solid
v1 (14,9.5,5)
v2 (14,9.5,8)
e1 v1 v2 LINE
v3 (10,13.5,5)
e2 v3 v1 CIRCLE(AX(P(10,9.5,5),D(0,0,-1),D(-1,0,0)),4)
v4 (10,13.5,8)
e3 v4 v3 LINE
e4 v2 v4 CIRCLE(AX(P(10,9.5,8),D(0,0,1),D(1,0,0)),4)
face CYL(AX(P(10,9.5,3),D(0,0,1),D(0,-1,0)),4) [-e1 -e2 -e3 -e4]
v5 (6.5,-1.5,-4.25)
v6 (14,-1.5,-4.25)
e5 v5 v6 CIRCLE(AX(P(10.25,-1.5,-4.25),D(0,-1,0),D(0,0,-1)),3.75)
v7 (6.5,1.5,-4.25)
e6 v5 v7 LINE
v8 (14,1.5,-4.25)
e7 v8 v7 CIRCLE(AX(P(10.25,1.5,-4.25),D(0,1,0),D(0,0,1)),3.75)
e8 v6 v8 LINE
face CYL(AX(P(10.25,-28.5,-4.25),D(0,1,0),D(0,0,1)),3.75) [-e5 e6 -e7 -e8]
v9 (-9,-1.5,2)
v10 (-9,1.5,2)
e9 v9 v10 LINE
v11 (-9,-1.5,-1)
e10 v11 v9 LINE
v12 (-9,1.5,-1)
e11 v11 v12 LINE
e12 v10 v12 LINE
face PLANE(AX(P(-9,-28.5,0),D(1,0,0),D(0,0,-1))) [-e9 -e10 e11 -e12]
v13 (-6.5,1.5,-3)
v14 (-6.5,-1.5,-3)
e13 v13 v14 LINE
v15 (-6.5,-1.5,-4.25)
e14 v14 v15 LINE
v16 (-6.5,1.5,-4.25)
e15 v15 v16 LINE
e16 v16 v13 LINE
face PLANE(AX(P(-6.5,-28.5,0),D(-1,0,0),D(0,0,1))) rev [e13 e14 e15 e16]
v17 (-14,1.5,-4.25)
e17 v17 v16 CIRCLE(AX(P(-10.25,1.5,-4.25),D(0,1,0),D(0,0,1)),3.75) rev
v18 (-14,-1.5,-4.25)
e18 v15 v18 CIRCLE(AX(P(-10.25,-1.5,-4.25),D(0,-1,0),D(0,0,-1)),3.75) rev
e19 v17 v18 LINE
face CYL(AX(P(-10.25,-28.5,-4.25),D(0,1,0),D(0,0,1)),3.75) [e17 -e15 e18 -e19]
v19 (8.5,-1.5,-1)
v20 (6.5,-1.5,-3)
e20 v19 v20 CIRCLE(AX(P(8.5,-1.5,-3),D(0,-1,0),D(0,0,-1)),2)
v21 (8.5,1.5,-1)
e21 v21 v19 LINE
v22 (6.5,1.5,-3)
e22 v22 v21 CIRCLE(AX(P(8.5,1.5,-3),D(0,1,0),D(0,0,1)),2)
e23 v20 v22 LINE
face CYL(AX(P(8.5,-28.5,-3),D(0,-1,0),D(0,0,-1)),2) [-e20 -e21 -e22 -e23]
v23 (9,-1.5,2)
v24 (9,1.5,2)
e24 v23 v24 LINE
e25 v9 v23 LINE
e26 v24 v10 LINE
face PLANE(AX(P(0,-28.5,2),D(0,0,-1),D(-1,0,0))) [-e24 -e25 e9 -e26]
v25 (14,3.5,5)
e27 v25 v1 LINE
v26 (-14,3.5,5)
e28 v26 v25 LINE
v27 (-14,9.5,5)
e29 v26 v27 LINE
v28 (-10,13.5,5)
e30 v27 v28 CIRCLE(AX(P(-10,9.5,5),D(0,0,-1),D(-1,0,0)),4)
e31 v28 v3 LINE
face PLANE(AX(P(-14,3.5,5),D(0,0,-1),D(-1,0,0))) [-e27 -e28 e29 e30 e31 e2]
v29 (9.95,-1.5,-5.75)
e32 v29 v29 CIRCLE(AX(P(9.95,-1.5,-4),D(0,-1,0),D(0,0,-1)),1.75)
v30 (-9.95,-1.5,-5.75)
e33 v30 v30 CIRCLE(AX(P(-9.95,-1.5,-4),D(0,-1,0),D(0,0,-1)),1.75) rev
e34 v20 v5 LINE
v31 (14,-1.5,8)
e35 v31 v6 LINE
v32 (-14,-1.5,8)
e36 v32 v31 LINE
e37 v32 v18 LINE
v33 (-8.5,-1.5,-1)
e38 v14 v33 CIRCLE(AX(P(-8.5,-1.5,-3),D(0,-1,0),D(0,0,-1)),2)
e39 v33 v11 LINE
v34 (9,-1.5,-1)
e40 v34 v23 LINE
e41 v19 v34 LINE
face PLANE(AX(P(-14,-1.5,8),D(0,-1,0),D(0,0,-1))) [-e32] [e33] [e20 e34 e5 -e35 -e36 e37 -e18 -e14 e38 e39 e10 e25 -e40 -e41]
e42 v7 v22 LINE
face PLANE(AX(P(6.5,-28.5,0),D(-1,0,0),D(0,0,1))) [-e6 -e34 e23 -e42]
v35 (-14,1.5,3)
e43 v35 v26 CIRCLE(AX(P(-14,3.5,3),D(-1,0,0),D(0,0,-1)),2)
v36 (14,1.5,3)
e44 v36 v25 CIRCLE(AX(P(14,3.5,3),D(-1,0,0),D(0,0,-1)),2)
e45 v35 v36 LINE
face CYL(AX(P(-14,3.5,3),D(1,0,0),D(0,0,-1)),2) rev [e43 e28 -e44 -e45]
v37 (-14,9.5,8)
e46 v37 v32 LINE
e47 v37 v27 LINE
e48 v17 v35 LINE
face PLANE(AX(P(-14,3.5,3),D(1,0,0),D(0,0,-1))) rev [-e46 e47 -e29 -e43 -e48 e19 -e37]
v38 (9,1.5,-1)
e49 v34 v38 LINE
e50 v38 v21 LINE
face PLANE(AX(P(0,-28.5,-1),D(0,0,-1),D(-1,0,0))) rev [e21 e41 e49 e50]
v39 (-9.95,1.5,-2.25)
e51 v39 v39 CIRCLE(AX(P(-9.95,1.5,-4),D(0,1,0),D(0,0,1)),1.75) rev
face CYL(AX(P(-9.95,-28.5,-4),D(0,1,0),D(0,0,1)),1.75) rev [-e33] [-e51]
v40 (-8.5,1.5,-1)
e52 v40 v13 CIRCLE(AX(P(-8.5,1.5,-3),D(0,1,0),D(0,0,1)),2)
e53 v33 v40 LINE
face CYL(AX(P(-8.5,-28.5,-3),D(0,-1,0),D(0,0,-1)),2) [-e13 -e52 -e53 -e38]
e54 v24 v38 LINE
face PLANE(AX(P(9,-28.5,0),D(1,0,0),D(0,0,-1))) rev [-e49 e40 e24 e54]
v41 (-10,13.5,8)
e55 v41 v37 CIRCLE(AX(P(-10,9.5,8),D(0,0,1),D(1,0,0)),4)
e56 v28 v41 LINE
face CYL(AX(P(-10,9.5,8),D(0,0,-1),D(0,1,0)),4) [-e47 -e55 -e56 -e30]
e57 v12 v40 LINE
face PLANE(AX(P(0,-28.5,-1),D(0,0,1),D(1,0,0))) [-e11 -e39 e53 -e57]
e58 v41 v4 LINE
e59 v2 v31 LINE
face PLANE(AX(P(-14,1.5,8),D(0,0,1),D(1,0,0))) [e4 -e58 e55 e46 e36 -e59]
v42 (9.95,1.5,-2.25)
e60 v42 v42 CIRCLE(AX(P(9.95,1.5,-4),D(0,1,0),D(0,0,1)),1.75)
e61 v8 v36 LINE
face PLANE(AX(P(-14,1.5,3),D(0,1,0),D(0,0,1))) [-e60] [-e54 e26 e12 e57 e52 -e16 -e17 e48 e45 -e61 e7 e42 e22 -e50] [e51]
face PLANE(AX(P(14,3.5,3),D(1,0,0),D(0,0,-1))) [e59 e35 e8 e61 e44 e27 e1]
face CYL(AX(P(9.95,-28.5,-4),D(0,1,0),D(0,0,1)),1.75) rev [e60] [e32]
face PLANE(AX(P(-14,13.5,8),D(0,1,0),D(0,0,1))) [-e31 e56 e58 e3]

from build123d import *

# Parameters (mm, degrees)
SALIENTE_EXTRUIR1_DEPTH = 14
CROQUIS3_R              = 1.75
CORTAR_EXTRUIR1_DEPTH   = 30
REDONDEO3_R             = 4
REDONDEO4_R             = 2


with BuildPart() as part:
    # Croquis2 → Saliente-Extruir1 (new, symmetric)
    with BuildSketch(Plane(origin=(0, 0, 0), x_dir=(0, 0, -1), z_dir=(1, 0, 0))):
        with BuildLine():
            Line((-3, 1.5), (8, 1.5))
            Line((8, 1.5), (8, -1.5))
            Line((8, -1.5), (-8, -1.5))
            Line((-8, -1.5), (-8, 1.5))
            Line((-8, 1.5), (-8, 13.5))
            Line((-8, 13.5), (-5, 13.5))
            Line((-5, 13.5), (-5, 3.5))
            ThreePointArc((-5, 3.5), (-4.414213562, 2.085786438), (-3, 1.5))
        make_face()
    extrude(amount=SALIENTE_EXTRUIR1_DEPTH, both=True)

    # Croquis3 → Cortar-Extruir1 (cut)
    with BuildSketch(Plane(origin=(0, 1.5, 0), x_dir=(1, 0, 0), z_dir=(0, 1, 0))):
        with BuildLine():
            Line((-9, -2), (9, -2))
            Line((9, -2), (9, 1))
            Line((9, 1), (6.5, 1))
            Line((6.5, 1), (6.5, 4.25))
            ThreePointArc((6.5, 4.25), (7.598349575, 6.901650434), (10.250000013, 8))
            Line((10.250000013, 8), (6.5, 8))
            Line((6.5, 8), (-6.5, 8))
            Line((-6.5, 8), (-10.249999997, 8))
            ThreePointArc((-10.249999997, 8), (-7.598349569, 6.901650428), (-6.5, 4.25))
            Line((-6.5, 4.25), (-6.5, 1))
            Line((-6.5, 1), (-9, 1))
            Line((-9, 1), (-9, -2))
        make_face()
        with BuildLine():
            Line((14, 8), (10.250000013, 8))
            ThreePointArc((10.250000013, 8), (12.901650434, 6.901650425), (14, 4.25))
            Line((14, 4.25), (14, 8))
        make_face()
        with BuildLine():
            ThreePointArc((-14, 4.25), (-12.901650428, 6.901650431), (-10.249999997, 8))
            Line((-10.249999997, 8), (-14, 8))
            Line((-14, 8), (-14, 4.25))
        make_face()
        with Locations(Location((9.95, 4, 0), (0, 0, 270))):
            Circle(CROQUIS3_R)
        with Locations(Location((-9.95, 4, 0), (0, 0, 270))):
            Circle(CROQUIS3_R)
    extrude(amount=-CORTAR_EXTRUIR1_DEPTH, mode=Mode.SUBTRACT)

    # Redondeo3
    redondeo3_edges = [part.edges().sort_by_distance(p)[0] for p in [
        (-14, 13.5, 6.5),
        (14, 13.5, 6.5),
    ]]
    fillet(redondeo3_edges, radius=REDONDEO3_R)

    # Redondeo4
    redondeo4_edges = [part.edges().sort_by_distance(p)[0] for p in [
        (6.5, 0, -1),
        (-6.5, 0, -1),
    ]]
    fillet(redondeo4_edges, radius=REDONDEO4_R)


solid = part.part
